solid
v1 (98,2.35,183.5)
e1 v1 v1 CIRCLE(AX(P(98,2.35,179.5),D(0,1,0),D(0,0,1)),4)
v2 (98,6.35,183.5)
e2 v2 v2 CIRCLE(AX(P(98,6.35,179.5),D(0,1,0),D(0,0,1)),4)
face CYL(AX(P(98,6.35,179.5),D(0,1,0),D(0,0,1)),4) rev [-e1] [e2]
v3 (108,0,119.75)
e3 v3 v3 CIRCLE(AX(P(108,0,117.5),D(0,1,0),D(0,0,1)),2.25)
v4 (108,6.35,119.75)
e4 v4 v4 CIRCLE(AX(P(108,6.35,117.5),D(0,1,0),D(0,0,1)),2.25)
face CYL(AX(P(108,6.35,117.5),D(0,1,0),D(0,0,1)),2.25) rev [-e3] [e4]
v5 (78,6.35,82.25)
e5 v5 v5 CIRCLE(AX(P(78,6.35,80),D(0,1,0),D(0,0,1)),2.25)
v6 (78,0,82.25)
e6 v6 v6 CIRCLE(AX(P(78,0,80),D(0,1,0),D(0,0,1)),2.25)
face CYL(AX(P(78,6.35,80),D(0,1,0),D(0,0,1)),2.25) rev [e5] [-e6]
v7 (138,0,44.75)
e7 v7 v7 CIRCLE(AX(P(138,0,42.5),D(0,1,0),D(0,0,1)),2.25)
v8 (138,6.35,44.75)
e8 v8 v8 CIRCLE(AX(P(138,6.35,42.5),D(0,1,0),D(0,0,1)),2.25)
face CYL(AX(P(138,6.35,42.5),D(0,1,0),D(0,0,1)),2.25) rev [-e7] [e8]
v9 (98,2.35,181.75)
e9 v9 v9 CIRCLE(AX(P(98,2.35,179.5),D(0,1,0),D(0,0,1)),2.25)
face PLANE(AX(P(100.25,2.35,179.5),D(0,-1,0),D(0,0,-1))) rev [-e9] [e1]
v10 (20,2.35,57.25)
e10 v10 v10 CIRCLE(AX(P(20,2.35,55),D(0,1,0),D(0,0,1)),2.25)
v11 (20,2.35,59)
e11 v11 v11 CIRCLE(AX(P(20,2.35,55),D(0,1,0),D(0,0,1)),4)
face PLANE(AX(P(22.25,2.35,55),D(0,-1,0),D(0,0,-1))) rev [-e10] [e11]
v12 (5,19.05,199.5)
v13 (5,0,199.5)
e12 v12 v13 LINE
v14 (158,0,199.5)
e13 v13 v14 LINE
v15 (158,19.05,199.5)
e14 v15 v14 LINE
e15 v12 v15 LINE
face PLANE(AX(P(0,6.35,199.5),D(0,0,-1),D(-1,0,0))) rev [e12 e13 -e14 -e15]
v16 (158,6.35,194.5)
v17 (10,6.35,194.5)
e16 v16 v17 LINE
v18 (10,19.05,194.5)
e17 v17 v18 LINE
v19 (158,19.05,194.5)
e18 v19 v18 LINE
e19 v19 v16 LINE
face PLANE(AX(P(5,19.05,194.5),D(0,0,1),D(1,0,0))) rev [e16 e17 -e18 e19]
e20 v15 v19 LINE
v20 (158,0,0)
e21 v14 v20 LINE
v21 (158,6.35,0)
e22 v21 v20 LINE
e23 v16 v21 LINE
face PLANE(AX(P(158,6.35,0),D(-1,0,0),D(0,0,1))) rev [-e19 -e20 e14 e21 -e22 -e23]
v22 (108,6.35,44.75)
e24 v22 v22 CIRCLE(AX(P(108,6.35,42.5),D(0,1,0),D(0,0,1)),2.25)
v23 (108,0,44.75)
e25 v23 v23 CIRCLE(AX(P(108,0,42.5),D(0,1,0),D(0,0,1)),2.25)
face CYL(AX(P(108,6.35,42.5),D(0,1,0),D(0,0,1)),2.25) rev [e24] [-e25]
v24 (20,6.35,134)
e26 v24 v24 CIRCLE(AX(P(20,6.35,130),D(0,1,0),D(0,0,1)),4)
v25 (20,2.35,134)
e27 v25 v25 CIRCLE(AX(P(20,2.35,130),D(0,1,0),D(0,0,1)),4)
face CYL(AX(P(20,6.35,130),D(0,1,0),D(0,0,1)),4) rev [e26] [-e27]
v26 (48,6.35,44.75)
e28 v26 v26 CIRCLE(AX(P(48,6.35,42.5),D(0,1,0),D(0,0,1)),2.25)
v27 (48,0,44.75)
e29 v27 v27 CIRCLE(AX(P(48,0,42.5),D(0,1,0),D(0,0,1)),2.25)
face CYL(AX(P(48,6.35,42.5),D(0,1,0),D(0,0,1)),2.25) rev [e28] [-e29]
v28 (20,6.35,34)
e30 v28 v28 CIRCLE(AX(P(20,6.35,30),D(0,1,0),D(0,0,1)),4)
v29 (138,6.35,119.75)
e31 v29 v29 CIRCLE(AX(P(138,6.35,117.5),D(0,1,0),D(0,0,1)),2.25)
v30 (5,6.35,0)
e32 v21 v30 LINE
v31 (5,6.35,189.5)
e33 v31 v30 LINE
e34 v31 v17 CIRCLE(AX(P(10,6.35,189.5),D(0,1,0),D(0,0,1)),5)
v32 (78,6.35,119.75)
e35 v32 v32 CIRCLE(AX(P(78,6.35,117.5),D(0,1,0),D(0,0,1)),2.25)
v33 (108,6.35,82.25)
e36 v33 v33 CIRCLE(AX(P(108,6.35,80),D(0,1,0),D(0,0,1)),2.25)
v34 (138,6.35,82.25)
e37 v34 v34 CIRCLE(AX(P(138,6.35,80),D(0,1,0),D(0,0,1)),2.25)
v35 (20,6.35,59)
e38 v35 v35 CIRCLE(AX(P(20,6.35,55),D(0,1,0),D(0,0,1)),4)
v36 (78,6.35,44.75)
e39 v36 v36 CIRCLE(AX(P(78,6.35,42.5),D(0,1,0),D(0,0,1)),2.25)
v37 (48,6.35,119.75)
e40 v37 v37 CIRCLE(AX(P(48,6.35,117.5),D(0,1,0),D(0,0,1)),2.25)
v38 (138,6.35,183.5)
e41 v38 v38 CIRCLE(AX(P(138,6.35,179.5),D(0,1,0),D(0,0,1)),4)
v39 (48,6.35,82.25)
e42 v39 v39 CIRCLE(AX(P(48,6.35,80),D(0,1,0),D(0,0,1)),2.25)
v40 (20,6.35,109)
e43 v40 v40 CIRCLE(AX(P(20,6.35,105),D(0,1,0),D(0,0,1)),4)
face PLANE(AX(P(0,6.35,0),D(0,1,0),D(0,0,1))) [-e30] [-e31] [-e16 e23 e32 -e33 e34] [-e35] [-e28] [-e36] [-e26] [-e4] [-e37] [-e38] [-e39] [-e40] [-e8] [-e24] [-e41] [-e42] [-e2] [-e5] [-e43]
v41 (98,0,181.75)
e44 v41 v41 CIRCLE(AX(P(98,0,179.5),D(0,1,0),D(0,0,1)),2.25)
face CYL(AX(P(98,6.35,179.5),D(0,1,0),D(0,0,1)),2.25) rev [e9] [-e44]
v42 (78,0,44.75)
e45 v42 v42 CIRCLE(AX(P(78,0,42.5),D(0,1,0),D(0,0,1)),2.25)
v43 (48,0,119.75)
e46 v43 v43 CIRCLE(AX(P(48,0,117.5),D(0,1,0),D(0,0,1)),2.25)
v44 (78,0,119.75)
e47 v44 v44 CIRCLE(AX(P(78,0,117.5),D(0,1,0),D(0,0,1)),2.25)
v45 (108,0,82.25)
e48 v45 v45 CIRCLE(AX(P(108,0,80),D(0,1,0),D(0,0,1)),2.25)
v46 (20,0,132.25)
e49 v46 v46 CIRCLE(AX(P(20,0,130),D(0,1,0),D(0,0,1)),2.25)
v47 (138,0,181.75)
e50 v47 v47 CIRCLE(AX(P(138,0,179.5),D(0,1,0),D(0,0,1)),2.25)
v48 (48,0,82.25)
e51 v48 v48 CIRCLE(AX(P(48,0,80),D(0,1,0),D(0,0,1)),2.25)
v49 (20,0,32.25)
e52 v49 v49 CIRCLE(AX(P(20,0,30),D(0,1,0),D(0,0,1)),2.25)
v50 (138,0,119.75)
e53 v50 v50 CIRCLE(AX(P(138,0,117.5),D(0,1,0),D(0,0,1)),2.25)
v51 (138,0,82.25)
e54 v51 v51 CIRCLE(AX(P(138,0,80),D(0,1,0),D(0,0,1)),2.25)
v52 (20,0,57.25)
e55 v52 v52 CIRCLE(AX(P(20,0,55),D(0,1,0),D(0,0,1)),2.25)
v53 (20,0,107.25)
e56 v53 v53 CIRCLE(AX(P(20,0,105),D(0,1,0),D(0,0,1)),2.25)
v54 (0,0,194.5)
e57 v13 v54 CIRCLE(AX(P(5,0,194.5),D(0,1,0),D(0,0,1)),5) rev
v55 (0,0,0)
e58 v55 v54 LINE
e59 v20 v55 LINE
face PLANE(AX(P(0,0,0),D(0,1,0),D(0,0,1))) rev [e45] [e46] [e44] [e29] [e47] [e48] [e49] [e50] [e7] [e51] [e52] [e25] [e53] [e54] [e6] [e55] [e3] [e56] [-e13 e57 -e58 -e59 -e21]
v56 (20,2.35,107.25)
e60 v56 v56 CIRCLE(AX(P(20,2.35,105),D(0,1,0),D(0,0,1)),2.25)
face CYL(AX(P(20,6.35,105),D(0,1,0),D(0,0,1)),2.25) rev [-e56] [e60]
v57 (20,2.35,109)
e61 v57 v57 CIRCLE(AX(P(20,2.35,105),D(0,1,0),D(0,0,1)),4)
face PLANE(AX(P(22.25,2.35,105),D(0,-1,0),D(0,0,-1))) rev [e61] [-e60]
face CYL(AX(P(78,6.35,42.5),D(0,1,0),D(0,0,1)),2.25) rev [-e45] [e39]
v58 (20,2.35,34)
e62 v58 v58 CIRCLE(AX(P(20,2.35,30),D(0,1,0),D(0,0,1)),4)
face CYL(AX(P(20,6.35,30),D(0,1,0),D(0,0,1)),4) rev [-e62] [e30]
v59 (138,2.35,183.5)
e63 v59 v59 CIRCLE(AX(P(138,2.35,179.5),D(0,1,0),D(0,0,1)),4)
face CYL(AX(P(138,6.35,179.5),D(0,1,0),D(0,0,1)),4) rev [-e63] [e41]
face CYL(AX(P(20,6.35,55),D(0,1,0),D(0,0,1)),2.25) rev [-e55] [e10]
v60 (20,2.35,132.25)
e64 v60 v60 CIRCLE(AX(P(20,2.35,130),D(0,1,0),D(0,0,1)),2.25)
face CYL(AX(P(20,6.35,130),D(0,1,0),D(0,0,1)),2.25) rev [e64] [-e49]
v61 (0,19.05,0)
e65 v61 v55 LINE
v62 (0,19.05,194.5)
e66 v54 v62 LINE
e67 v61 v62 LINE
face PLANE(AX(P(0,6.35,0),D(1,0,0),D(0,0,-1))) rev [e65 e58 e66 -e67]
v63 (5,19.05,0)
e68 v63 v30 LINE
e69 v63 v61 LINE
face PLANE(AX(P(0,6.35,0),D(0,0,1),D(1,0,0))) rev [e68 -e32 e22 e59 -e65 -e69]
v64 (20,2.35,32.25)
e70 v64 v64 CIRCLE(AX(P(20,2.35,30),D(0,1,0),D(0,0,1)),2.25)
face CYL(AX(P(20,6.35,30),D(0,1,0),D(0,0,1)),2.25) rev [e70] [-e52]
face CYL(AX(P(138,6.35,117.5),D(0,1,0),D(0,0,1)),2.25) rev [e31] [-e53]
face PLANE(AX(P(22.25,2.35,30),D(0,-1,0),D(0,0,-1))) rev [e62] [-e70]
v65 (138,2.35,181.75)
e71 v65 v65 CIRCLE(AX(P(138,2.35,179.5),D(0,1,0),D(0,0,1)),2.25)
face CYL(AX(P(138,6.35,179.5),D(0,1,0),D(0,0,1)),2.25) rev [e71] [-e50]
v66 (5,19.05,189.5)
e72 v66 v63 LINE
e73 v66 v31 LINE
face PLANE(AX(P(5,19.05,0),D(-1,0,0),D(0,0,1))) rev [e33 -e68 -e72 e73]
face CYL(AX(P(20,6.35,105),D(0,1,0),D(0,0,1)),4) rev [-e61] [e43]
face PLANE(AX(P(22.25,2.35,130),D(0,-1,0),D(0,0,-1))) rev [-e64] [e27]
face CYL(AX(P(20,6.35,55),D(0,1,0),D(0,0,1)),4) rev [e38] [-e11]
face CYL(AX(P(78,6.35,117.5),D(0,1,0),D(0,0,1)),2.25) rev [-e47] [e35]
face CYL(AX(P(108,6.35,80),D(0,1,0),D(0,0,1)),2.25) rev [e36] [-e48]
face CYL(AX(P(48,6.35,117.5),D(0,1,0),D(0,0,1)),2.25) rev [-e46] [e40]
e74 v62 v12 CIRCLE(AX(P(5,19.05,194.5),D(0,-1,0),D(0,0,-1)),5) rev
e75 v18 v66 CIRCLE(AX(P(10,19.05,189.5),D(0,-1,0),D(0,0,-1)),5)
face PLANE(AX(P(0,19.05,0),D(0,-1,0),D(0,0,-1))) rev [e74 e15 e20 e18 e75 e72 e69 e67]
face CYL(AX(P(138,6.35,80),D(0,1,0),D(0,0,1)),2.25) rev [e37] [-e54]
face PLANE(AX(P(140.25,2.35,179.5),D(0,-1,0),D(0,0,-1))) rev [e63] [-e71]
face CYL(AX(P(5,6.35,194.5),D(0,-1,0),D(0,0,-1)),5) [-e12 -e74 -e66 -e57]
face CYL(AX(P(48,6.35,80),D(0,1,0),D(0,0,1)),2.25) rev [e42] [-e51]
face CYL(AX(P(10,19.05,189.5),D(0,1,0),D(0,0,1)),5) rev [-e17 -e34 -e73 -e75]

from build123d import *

# Parameters (mm, degrees)
SKETCH1_W                      = 158
SKETCH1_H                      = 199.5
BOSS_EXTRUDE1_DEPTH            = 6.35
BOSS_EXTRUDE2_DEPTH            = 12.7
CBORE_FOR_M4_SHCS1_D           = 4.5
CBORE_FOR_M4_SHCS1_DEPTH       = 6.35
CBORE_FOR_M4_SHCS1_CBORE_D     = 8
CBORE_FOR_M4_SHCS1_CBORE_DEPTH = 4
M4_CLEARANCE_HOLE2_D           = 4.5
M4_CLEARANCE_HOLE2_DEPTH       = 6.35
LPATTERN1_COUNT                = 4
LPATTERN1_PITCH                = 30
LPATTERN1_COUNT_DIR2           = 3
LPATTERN1_PITCH_DIR2           = 37.5
FILLET2_R                      = 5


with BuildPart() as part:
    # Sketch1 → Boss-Extrude1 (new body)
    with BuildSketch(Plane(origin=(0, 0, 0), x_dir=(1, 0, 0), z_dir=(0, 1, 0))):
        with Locations((79, -99.75)):
            Rectangle(SKETCH1_W, SKETCH1_H)
    extrude(amount=BOSS_EXTRUDE1_DEPTH)

    # Sketch3 → Boss-Extrude2 (add)
    with BuildSketch(Plane(origin=(0, 6.35, 0), x_dir=(1, 0, 0), z_dir=(0, 1, 0))):
        Polygon((0, 0), (0, -199.5), (158, -199.5), (158, -194.5), (5, -194.5), (5, 0), align=None)
    extrude(amount=BOSS_EXTRUDE2_DEPTH)

    # CBORE for M4 SHCS1
    with Locations(Plane(origin=(0, 6.35, 0), x_dir=(1, 0, 0), z_dir=(0, 1, 0))):
        with Locations((20, -55), (98, -179.5), (138, -179.5), (20, -130), (20, -105), (20, -30)):
            CounterBoreHole(CBORE_FOR_M4_SHCS1_D / 2, CBORE_FOR_M4_SHCS1_CBORE_D / 2, CBORE_FOR_M4_SHCS1_CBORE_DEPTH, depth=CBORE_FOR_M4_SHCS1_DEPTH)

    # M4 Clearance Hole2
    with Locations(Plane(origin=(0, 6.35, 0), x_dir=(1, 0, 0), z_dir=(0, 1, 0))):
        with Locations((138, -117.5)):
            m4_clearance_hole2 = Hole(M4_CLEARANCE_HOLE2_D / 2, depth=M4_CLEARANCE_HOLE2_DEPTH)

    # LPattern1: M4 Clearance Hole2 4 × 3
    with Locations(*[(-i * LPATTERN1_PITCH, 0, -j * LPATTERN1_PITCH_DIR2) for i in range(LPATTERN1_COUNT) for j in range(LPATTERN1_COUNT_DIR2) if (i, j) != (0, 0)]):
        add(m4_clearance_hole2, mode=Mode.SUBTRACT)

    # Fillet2
    fillet2_edges = [part.edges().sort_by_distance(p)[0] for p in [
        (5, 12.7, 194.5),
        (0, 9.525, 199.5),
    ]]
    fillet(fillet2_edges, radius=FILLET2_R)


solid = part.part
